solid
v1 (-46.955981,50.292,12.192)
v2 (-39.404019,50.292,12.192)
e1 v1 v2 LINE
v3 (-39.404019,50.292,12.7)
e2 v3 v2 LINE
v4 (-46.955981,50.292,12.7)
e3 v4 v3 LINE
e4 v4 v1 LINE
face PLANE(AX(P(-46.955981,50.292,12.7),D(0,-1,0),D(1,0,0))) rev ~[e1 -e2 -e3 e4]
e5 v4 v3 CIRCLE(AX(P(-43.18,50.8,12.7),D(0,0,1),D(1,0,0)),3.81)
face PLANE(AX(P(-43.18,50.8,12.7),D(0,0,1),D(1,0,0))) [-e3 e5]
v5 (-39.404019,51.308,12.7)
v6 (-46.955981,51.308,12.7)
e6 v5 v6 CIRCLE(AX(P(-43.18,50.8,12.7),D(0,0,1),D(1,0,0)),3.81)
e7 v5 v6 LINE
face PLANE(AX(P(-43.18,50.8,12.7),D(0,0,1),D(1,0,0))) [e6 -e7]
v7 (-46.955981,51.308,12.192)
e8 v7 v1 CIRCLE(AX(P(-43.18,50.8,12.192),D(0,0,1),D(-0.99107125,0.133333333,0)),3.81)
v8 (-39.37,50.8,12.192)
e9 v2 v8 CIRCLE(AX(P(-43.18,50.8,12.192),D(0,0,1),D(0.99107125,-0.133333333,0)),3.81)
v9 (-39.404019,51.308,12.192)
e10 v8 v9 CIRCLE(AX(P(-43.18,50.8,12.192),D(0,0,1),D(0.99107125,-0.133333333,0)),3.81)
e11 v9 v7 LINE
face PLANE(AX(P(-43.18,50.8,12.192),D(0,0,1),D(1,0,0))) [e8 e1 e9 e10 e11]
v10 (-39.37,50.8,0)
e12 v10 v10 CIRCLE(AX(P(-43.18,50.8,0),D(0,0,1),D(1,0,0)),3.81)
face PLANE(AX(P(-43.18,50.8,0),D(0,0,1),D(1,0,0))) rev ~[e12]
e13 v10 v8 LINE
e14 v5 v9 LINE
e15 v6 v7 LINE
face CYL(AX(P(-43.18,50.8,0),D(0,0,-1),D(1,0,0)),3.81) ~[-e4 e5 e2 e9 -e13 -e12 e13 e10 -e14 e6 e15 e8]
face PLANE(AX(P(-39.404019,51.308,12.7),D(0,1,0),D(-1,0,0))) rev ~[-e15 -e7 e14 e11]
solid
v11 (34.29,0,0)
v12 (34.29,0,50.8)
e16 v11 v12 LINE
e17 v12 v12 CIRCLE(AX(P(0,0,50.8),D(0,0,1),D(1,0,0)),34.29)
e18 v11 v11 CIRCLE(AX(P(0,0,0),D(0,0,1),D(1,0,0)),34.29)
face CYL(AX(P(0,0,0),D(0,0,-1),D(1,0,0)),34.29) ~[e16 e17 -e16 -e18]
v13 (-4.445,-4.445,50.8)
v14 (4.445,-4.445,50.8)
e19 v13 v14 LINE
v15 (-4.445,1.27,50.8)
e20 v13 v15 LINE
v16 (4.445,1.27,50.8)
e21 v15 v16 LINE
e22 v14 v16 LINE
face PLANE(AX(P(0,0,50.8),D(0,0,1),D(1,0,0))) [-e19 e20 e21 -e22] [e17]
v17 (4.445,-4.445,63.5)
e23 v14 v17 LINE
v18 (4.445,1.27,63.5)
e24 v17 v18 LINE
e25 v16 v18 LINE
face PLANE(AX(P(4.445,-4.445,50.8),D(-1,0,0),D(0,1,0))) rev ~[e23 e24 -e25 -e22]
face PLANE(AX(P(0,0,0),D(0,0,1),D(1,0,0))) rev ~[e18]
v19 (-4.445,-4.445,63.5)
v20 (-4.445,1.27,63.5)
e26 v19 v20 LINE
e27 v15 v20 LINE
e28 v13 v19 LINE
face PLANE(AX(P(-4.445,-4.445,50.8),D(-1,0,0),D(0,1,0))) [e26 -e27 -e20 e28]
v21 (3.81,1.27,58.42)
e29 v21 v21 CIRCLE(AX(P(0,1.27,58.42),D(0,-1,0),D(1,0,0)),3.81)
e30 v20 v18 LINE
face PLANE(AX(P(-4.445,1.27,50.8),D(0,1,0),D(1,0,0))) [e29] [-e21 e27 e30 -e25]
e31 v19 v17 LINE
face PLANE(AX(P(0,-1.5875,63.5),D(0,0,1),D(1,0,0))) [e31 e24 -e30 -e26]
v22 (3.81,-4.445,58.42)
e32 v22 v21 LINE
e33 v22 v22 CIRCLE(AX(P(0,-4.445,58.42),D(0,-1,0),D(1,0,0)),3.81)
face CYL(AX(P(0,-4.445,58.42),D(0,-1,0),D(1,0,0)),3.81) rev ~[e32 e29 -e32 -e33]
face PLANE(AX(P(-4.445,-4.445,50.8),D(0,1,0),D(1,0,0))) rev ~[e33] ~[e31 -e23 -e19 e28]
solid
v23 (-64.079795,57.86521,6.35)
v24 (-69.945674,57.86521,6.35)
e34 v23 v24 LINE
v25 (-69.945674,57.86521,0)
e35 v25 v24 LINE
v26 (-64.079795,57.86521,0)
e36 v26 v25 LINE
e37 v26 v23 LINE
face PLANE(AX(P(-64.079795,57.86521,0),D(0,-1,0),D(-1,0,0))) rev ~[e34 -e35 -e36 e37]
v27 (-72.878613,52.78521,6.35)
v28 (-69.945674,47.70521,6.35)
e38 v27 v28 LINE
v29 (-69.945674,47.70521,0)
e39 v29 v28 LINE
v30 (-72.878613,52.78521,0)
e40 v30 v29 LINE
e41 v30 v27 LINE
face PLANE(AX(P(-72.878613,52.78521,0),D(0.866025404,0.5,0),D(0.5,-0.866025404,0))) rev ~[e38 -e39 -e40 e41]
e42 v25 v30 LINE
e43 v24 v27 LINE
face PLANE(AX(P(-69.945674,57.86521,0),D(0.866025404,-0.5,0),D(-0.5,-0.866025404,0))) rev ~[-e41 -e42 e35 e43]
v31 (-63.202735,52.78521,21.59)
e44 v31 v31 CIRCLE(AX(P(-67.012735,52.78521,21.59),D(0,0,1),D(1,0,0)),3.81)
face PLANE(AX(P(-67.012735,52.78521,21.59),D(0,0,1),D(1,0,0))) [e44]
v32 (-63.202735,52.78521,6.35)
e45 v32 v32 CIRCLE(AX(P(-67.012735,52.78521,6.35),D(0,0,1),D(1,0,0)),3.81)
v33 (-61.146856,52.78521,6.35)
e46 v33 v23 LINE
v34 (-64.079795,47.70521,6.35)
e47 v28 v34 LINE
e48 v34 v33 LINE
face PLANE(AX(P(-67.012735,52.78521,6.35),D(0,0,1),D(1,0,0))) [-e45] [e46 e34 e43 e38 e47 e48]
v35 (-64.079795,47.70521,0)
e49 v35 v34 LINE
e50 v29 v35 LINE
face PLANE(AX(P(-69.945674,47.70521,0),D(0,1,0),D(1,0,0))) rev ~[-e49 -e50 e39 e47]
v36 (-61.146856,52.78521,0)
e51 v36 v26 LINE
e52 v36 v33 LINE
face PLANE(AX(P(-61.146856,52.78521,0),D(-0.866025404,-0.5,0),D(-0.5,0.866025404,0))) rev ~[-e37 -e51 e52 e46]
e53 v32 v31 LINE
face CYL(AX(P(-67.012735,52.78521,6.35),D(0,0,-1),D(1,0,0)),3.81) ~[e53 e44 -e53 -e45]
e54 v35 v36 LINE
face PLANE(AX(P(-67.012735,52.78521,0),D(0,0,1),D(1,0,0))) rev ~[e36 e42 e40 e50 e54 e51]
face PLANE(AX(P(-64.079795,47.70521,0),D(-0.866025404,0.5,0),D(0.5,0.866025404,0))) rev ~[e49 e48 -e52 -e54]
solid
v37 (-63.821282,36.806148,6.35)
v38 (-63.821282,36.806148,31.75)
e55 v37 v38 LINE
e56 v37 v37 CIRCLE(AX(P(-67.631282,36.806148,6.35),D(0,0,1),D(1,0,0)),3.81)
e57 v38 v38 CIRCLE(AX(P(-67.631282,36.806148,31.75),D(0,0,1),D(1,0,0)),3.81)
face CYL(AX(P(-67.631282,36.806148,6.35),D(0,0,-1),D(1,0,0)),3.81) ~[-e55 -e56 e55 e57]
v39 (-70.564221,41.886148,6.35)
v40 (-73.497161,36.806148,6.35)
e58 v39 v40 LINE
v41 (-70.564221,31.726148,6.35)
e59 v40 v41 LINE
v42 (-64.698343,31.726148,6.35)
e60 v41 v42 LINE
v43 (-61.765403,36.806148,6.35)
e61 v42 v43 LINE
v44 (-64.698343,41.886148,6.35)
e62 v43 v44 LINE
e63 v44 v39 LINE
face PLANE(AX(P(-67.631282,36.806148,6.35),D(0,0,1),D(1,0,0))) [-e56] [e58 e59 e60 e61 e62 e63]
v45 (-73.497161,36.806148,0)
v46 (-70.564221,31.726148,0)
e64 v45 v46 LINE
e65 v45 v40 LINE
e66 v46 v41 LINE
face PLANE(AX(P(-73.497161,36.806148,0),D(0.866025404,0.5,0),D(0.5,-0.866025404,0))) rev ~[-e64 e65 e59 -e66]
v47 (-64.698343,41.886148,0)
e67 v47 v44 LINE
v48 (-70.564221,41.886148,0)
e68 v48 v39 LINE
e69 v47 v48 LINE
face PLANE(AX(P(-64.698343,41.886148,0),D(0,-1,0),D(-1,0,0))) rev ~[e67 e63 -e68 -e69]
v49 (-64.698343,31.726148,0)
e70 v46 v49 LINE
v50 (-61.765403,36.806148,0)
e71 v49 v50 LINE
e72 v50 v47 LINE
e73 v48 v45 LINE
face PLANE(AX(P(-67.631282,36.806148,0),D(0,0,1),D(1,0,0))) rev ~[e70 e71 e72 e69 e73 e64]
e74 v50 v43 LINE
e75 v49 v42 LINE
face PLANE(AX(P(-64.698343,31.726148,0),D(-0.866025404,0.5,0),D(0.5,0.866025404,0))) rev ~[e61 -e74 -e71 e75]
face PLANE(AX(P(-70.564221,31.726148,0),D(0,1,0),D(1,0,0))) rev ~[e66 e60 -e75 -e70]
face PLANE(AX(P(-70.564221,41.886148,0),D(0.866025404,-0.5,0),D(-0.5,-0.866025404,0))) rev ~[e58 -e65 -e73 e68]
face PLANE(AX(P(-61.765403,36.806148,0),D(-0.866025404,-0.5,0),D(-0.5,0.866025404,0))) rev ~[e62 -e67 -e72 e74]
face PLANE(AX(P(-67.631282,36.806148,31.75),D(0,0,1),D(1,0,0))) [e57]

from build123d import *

# Parameters (mm, degrees)
F0_R      = 34.29
F1_DEPTH  = 50.8
F2_W      = 8.89
F2_H      = 5.715
F3_DEPTH  = 12.7
F4_R      = 3.81
F5_DEPTH  = 25.4
F7_DEPTH  = 6.35
F8_R      = 3.81
F9_DEPTH  = 15.24
F10_R     = 3.81
F11_DEPTH = 12.7
F13_DEPTH = 0.508
F15_DEPTH = 6.35
F16_R     = 3.81
F17_DEPTH = 25.4


with BuildPart() as f1:
    # F0 (on Top) → F1 (new body)
    with BuildSketch(Plane.XY):
        Circle(F0_R)
    extrude(amount=F1_DEPTH)

    # F2 (on face) → F3 (join)
    with BuildSketch(Plane.XY.offset(50.8)):
        with Locations((0, -1.5875)):
            Rectangle(F2_W, F2_H)
    extrude(amount=F3_DEPTH)

    # F4 (on face) → F5 (cut)
    with BuildSketch(Plane.XZ.offset(4.445)):
        with Locations((0, 58.42)):
            Circle(F4_R)
    extrude(amount=-F5_DEPTH, mode=Mode.SUBTRACT)


with BuildPart() as f7:
    # F6 (on Top) → F7 (new body)
    with BuildSketch(Plane.XY):
        Polygon((-69.9456740787, 47.7052103114), (-64.0797953437, 47.7052103114), (-61.1468559762, 52.7852103114), (-64.0797953437, 57.8652103114), (-69.9456740787, 57.8652103114), (-72.8786134461, 52.7852103114), align=None)
    extrude(amount=F7_DEPTH)

    # F8 (on face) → F9 (join)
    with BuildSketch(Plane.XY.offset(6.35)):
        with Locations((-67.0127347112, 52.7852103114)):
            Circle(F8_R)
    extrude(amount=F9_DEPTH)


with BuildPart() as f11:
    # F10 (on Top) → F11 (new body)
    with BuildSketch(Plane.XY):
        with Locations((-43.18, 50.8)):
            Circle(F10_R)
    extrude(amount=F11_DEPTH)

    # F12 (on face) → F13 (cut)
    with BuildSketch(Plane.XY.offset(12.7)):
        with BuildLine():
            ThreePointArc((-46.9559814618, 51.308), (-46.99, 50.8), (-46.9559814618, 50.292))
            Line((-46.9559814618, 50.292), (-39.4040185382, 50.292))
            ThreePointArc((-39.4040185382, 50.292), (-39.37, 50.8), (-39.4040185382, 51.308))
            Line((-39.4040185382, 51.308), (-46.9559814618, 51.308))
        make_face()
    extrude(amount=-F13_DEPTH, mode=Mode.SUBTRACT)


with BuildPart() as f15:
    # F14 (on Top) → F15 (new body)
    with BuildSketch(Plane.XY):
        Polygon((-70.5642212798, 31.7261475456), (-64.6983425448, 31.7261475456), (-61.7654031774, 36.8061475456), (-64.6983425448, 41.8861475456), (-70.5642212798, 41.8861475456), (-73.4971606473, 36.8061475456), align=None)
    extrude(amount=F15_DEPTH)

    # F16 (on face) → F17 (join)
    with BuildSketch(Plane.XY.offset(6.35)):
        with Locations((-67.6312819123, 36.8061475456)):
            Circle(F16_R)
    extrude(amount=F17_DEPTH)


solid = Compound([f1.part, f7.part, f11.part, f15.part])
